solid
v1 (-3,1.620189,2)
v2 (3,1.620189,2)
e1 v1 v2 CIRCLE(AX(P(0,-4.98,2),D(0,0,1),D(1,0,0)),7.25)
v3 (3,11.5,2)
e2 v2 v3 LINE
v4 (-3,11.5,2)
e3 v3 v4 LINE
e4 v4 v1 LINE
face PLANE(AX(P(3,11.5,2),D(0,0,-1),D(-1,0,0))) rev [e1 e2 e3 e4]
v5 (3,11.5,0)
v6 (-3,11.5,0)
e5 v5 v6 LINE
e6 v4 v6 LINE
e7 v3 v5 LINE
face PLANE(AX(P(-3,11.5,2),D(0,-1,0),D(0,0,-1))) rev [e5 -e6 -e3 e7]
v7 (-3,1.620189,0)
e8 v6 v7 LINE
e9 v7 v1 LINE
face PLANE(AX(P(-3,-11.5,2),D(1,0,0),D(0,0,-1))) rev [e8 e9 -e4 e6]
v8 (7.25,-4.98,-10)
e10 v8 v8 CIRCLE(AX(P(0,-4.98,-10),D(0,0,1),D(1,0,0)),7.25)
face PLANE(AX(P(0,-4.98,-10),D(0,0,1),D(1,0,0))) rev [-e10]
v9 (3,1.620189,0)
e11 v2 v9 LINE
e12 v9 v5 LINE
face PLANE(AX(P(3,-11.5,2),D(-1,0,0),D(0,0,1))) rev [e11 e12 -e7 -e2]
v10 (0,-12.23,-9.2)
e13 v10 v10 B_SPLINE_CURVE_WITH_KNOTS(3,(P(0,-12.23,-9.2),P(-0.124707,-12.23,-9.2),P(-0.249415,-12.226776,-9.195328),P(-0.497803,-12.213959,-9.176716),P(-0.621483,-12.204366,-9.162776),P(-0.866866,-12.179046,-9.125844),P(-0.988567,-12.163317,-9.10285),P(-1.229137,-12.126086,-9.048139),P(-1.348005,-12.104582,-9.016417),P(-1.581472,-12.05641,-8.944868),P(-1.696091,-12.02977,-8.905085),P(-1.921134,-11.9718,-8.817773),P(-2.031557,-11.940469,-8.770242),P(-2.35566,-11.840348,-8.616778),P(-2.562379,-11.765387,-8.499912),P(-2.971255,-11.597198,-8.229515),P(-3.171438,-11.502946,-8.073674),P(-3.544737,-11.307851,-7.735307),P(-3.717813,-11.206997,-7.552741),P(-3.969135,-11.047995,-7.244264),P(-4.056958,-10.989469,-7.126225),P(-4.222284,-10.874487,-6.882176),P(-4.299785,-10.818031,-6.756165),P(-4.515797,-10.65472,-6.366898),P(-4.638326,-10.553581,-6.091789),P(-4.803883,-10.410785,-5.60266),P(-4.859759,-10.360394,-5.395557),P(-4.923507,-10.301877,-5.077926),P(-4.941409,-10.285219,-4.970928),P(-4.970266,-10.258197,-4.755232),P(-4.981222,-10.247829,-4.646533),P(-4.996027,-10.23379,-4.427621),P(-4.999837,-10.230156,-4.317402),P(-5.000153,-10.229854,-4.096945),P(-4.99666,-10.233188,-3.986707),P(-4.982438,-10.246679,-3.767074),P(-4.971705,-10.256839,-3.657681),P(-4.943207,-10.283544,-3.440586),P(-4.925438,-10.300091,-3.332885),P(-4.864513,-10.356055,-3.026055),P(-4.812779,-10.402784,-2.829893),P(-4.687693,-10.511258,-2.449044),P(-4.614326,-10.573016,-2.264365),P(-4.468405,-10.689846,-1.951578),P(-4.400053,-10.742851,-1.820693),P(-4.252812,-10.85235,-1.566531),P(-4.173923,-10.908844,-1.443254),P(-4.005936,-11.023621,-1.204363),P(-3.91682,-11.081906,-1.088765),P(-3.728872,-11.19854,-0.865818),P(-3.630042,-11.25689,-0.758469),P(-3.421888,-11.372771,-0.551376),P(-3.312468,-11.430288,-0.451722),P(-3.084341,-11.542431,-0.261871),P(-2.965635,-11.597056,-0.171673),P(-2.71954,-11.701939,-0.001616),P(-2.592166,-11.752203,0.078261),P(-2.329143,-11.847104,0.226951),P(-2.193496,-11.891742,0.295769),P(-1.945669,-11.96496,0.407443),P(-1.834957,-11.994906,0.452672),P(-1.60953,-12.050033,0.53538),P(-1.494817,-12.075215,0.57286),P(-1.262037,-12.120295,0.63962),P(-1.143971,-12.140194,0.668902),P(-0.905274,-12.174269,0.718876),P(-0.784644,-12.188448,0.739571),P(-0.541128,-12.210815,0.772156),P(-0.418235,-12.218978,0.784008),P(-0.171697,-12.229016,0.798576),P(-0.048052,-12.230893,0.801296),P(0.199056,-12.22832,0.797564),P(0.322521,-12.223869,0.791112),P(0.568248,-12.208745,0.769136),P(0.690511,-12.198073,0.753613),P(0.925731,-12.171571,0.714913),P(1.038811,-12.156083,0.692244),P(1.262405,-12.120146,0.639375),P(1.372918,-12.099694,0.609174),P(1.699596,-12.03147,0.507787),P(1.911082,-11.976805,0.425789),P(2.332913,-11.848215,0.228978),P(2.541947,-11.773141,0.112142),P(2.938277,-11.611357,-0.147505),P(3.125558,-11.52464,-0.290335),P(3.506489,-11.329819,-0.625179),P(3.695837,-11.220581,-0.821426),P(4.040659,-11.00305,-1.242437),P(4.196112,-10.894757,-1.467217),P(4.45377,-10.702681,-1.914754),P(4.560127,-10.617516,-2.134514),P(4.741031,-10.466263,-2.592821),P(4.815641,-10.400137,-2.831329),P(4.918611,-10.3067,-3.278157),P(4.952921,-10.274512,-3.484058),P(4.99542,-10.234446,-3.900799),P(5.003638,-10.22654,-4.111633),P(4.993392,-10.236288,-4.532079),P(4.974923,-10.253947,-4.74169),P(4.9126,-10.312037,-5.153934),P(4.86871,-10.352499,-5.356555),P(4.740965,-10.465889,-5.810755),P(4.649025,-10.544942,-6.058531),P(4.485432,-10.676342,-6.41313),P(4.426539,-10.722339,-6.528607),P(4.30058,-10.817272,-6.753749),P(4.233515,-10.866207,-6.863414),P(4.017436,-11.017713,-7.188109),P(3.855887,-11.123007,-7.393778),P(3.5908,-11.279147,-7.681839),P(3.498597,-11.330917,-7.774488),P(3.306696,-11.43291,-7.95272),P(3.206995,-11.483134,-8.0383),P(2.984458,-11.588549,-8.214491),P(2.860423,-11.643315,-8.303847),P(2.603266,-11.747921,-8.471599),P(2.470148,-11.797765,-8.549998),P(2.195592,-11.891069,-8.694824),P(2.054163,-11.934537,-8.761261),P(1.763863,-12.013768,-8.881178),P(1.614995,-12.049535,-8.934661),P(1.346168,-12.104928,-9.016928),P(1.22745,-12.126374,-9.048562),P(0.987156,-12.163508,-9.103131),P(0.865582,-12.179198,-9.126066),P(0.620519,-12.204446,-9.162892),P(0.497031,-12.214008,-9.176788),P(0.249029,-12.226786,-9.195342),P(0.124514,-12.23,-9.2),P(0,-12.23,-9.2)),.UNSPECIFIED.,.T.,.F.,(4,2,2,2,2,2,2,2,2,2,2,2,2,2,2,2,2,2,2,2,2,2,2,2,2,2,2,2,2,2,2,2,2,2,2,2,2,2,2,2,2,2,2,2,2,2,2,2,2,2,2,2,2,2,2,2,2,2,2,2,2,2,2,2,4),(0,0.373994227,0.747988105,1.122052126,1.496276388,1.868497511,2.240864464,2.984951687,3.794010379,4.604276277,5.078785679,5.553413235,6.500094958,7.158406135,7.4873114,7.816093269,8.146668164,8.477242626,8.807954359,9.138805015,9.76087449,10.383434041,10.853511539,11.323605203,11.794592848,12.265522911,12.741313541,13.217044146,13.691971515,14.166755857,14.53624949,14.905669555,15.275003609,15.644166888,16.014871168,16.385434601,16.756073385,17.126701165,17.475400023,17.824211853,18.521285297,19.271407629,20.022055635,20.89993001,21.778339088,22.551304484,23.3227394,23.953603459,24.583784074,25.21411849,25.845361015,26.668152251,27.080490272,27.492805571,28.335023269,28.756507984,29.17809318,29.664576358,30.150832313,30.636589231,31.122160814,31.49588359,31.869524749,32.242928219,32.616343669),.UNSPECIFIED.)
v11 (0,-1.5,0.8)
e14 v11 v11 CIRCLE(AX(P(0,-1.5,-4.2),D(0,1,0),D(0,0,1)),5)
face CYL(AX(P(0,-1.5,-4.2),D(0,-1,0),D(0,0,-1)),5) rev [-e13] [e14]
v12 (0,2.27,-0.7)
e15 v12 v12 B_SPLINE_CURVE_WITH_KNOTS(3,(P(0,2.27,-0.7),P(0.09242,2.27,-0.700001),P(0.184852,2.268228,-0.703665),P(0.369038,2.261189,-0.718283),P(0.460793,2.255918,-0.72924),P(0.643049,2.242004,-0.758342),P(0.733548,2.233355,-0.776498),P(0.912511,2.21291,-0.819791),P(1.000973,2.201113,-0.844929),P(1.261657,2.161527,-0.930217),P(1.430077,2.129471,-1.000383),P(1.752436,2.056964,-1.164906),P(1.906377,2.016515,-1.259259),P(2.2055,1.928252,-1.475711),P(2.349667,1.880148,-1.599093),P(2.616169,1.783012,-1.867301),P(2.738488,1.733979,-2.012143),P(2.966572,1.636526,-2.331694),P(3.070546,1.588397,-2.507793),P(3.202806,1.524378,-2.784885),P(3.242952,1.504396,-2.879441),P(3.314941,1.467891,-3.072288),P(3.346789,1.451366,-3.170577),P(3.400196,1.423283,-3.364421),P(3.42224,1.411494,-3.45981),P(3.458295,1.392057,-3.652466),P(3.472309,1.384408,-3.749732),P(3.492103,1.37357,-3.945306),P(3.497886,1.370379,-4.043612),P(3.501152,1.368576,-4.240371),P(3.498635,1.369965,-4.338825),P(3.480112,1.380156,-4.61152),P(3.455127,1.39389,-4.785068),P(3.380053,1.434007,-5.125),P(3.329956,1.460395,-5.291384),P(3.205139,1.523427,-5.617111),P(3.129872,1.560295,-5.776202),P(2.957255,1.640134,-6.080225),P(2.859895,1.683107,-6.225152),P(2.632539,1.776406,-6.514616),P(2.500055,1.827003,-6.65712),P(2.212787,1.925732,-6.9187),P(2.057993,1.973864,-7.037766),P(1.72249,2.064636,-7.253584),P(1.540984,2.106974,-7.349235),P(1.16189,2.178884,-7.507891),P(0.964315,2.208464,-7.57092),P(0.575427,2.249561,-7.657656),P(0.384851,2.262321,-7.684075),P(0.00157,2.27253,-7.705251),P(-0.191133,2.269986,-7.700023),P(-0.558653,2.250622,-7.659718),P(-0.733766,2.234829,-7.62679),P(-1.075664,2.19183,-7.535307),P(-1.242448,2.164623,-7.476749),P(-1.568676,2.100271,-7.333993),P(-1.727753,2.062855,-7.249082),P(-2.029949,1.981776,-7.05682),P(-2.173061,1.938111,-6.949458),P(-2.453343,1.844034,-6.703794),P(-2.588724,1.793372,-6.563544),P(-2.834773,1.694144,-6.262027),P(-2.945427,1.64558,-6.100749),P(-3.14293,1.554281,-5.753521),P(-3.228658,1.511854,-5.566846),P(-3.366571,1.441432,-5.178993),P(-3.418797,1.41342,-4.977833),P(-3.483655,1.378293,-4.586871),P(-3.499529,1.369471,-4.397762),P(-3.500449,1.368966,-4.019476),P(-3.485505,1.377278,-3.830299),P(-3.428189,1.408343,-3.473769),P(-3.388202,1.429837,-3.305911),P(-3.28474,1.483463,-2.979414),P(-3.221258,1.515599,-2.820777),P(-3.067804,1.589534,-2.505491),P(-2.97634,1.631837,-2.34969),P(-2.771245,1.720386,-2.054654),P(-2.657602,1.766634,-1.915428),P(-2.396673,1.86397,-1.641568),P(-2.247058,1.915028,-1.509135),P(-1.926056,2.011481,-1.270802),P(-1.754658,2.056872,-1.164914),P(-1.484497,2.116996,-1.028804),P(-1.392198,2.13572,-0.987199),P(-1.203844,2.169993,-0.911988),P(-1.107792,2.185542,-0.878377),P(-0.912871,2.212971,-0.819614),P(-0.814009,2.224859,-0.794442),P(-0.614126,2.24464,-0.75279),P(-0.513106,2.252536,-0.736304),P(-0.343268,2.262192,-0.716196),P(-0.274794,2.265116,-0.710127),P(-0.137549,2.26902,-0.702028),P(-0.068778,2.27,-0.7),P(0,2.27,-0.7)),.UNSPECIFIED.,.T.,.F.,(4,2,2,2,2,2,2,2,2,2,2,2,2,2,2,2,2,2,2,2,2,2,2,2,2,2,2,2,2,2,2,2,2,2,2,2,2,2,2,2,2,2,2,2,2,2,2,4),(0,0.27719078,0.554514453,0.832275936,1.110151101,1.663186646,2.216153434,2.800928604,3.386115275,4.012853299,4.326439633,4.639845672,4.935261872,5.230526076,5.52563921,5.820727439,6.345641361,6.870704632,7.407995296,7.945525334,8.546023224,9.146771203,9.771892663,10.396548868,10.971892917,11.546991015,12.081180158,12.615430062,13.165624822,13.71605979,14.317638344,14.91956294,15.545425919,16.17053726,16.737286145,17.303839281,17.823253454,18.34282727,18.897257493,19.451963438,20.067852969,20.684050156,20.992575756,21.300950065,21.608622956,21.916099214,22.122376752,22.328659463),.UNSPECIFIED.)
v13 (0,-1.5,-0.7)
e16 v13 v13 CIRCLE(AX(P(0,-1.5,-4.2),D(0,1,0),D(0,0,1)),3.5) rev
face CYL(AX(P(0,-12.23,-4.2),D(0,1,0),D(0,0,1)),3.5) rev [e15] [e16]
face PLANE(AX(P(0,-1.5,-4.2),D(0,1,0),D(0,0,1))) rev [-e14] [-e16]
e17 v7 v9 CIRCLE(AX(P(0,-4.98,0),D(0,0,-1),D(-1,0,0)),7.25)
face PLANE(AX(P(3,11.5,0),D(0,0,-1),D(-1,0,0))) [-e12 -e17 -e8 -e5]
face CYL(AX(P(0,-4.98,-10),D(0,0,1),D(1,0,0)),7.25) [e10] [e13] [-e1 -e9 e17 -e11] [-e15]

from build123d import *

# Parameters (mm, degrees)
SKETCH_1_W               = 6
SKETCH_1_H               = 23
EXTRUDE_1_DEPTH          = 2
SKETCH_4_W               = 6
SKETCH_4_H               = 4.448435562
CUT_EXTRUDE_1_DEPTH      = 13.051970793
SKETCH_2_R               = 7.25
EXTRUDE_2_DEPTH          = 12
SKETCH_5_R               = 3.5
CUT_EXTRUDE_2_DEPTH      = 27.752110197
CUT_EXTRUDE_3_DEPTH      = 2.75
CUT_EXTRUDE_3_DEPTH_BACK = 10
SKETCH_6_R               = 5


with BuildPart() as part:
    # 草图1 → 凸台-拉伸1 (new body)
    with BuildSketch(Plane.XY):
        Rectangle(SKETCH_1_W, SKETCH_1_H)
    extrude(amount=EXTRUDE_1_DEPTH)

    # 草图4 → 切除-拉伸1 (cut, through all)
    with BuildSketch(Plane(origin=(0, 0, 0), x_dir=(-1, 0, 0), z_dir=(0, 0, -1))):
        with Locations((0, -9.275782219)):
            Rectangle(SKETCH_4_W, SKETCH_4_H)
    extrude(amount=-CUT_EXTRUDE_1_DEPTH, mode=Mode.SUBTRACT)

    # 草图2 → 凸台-拉伸2 (add)
    with BuildSketch(Plane.XY.offset(2)):
        with Locations((0, -4.98)):
            Circle(SKETCH_2_R)
    extrude(amount=-EXTRUDE_2_DEPTH)

    # 草图5 → 切除-拉伸2 (cut, through all)
    with BuildSketch(Plane(origin=(0, 11.5, 0), x_dir=(1, 0, 0), z_dir=(0, 1, 0))):
        with Locations(Location((0, 4.2, 0), (0, 0, 270))):
            Circle(SKETCH_5_R)
    extrude(amount=-CUT_EXTRUDE_2_DEPTH, mode=Mode.SUBTRACT)

    # 草图6 → 切除-拉伸3 (cut, two sides: drawn at the far end of the back side and taken through both)
    with BuildSketch(Plane(origin=(0, -4.25, 0), x_dir=(1, 0, 0), z_dir=(0, 1, 0)).offset(-CUT_EXTRUDE_3_DEPTH_BACK)):
        with Locations(Location((0, 4.2, 0), (0, 0, 90))):
            Circle(SKETCH_6_R)
    extrude(amount=CUT_EXTRUDE_3_DEPTH + CUT_EXTRUDE_3_DEPTH_BACK, mode=Mode.SUBTRACT)


solid = part.part
